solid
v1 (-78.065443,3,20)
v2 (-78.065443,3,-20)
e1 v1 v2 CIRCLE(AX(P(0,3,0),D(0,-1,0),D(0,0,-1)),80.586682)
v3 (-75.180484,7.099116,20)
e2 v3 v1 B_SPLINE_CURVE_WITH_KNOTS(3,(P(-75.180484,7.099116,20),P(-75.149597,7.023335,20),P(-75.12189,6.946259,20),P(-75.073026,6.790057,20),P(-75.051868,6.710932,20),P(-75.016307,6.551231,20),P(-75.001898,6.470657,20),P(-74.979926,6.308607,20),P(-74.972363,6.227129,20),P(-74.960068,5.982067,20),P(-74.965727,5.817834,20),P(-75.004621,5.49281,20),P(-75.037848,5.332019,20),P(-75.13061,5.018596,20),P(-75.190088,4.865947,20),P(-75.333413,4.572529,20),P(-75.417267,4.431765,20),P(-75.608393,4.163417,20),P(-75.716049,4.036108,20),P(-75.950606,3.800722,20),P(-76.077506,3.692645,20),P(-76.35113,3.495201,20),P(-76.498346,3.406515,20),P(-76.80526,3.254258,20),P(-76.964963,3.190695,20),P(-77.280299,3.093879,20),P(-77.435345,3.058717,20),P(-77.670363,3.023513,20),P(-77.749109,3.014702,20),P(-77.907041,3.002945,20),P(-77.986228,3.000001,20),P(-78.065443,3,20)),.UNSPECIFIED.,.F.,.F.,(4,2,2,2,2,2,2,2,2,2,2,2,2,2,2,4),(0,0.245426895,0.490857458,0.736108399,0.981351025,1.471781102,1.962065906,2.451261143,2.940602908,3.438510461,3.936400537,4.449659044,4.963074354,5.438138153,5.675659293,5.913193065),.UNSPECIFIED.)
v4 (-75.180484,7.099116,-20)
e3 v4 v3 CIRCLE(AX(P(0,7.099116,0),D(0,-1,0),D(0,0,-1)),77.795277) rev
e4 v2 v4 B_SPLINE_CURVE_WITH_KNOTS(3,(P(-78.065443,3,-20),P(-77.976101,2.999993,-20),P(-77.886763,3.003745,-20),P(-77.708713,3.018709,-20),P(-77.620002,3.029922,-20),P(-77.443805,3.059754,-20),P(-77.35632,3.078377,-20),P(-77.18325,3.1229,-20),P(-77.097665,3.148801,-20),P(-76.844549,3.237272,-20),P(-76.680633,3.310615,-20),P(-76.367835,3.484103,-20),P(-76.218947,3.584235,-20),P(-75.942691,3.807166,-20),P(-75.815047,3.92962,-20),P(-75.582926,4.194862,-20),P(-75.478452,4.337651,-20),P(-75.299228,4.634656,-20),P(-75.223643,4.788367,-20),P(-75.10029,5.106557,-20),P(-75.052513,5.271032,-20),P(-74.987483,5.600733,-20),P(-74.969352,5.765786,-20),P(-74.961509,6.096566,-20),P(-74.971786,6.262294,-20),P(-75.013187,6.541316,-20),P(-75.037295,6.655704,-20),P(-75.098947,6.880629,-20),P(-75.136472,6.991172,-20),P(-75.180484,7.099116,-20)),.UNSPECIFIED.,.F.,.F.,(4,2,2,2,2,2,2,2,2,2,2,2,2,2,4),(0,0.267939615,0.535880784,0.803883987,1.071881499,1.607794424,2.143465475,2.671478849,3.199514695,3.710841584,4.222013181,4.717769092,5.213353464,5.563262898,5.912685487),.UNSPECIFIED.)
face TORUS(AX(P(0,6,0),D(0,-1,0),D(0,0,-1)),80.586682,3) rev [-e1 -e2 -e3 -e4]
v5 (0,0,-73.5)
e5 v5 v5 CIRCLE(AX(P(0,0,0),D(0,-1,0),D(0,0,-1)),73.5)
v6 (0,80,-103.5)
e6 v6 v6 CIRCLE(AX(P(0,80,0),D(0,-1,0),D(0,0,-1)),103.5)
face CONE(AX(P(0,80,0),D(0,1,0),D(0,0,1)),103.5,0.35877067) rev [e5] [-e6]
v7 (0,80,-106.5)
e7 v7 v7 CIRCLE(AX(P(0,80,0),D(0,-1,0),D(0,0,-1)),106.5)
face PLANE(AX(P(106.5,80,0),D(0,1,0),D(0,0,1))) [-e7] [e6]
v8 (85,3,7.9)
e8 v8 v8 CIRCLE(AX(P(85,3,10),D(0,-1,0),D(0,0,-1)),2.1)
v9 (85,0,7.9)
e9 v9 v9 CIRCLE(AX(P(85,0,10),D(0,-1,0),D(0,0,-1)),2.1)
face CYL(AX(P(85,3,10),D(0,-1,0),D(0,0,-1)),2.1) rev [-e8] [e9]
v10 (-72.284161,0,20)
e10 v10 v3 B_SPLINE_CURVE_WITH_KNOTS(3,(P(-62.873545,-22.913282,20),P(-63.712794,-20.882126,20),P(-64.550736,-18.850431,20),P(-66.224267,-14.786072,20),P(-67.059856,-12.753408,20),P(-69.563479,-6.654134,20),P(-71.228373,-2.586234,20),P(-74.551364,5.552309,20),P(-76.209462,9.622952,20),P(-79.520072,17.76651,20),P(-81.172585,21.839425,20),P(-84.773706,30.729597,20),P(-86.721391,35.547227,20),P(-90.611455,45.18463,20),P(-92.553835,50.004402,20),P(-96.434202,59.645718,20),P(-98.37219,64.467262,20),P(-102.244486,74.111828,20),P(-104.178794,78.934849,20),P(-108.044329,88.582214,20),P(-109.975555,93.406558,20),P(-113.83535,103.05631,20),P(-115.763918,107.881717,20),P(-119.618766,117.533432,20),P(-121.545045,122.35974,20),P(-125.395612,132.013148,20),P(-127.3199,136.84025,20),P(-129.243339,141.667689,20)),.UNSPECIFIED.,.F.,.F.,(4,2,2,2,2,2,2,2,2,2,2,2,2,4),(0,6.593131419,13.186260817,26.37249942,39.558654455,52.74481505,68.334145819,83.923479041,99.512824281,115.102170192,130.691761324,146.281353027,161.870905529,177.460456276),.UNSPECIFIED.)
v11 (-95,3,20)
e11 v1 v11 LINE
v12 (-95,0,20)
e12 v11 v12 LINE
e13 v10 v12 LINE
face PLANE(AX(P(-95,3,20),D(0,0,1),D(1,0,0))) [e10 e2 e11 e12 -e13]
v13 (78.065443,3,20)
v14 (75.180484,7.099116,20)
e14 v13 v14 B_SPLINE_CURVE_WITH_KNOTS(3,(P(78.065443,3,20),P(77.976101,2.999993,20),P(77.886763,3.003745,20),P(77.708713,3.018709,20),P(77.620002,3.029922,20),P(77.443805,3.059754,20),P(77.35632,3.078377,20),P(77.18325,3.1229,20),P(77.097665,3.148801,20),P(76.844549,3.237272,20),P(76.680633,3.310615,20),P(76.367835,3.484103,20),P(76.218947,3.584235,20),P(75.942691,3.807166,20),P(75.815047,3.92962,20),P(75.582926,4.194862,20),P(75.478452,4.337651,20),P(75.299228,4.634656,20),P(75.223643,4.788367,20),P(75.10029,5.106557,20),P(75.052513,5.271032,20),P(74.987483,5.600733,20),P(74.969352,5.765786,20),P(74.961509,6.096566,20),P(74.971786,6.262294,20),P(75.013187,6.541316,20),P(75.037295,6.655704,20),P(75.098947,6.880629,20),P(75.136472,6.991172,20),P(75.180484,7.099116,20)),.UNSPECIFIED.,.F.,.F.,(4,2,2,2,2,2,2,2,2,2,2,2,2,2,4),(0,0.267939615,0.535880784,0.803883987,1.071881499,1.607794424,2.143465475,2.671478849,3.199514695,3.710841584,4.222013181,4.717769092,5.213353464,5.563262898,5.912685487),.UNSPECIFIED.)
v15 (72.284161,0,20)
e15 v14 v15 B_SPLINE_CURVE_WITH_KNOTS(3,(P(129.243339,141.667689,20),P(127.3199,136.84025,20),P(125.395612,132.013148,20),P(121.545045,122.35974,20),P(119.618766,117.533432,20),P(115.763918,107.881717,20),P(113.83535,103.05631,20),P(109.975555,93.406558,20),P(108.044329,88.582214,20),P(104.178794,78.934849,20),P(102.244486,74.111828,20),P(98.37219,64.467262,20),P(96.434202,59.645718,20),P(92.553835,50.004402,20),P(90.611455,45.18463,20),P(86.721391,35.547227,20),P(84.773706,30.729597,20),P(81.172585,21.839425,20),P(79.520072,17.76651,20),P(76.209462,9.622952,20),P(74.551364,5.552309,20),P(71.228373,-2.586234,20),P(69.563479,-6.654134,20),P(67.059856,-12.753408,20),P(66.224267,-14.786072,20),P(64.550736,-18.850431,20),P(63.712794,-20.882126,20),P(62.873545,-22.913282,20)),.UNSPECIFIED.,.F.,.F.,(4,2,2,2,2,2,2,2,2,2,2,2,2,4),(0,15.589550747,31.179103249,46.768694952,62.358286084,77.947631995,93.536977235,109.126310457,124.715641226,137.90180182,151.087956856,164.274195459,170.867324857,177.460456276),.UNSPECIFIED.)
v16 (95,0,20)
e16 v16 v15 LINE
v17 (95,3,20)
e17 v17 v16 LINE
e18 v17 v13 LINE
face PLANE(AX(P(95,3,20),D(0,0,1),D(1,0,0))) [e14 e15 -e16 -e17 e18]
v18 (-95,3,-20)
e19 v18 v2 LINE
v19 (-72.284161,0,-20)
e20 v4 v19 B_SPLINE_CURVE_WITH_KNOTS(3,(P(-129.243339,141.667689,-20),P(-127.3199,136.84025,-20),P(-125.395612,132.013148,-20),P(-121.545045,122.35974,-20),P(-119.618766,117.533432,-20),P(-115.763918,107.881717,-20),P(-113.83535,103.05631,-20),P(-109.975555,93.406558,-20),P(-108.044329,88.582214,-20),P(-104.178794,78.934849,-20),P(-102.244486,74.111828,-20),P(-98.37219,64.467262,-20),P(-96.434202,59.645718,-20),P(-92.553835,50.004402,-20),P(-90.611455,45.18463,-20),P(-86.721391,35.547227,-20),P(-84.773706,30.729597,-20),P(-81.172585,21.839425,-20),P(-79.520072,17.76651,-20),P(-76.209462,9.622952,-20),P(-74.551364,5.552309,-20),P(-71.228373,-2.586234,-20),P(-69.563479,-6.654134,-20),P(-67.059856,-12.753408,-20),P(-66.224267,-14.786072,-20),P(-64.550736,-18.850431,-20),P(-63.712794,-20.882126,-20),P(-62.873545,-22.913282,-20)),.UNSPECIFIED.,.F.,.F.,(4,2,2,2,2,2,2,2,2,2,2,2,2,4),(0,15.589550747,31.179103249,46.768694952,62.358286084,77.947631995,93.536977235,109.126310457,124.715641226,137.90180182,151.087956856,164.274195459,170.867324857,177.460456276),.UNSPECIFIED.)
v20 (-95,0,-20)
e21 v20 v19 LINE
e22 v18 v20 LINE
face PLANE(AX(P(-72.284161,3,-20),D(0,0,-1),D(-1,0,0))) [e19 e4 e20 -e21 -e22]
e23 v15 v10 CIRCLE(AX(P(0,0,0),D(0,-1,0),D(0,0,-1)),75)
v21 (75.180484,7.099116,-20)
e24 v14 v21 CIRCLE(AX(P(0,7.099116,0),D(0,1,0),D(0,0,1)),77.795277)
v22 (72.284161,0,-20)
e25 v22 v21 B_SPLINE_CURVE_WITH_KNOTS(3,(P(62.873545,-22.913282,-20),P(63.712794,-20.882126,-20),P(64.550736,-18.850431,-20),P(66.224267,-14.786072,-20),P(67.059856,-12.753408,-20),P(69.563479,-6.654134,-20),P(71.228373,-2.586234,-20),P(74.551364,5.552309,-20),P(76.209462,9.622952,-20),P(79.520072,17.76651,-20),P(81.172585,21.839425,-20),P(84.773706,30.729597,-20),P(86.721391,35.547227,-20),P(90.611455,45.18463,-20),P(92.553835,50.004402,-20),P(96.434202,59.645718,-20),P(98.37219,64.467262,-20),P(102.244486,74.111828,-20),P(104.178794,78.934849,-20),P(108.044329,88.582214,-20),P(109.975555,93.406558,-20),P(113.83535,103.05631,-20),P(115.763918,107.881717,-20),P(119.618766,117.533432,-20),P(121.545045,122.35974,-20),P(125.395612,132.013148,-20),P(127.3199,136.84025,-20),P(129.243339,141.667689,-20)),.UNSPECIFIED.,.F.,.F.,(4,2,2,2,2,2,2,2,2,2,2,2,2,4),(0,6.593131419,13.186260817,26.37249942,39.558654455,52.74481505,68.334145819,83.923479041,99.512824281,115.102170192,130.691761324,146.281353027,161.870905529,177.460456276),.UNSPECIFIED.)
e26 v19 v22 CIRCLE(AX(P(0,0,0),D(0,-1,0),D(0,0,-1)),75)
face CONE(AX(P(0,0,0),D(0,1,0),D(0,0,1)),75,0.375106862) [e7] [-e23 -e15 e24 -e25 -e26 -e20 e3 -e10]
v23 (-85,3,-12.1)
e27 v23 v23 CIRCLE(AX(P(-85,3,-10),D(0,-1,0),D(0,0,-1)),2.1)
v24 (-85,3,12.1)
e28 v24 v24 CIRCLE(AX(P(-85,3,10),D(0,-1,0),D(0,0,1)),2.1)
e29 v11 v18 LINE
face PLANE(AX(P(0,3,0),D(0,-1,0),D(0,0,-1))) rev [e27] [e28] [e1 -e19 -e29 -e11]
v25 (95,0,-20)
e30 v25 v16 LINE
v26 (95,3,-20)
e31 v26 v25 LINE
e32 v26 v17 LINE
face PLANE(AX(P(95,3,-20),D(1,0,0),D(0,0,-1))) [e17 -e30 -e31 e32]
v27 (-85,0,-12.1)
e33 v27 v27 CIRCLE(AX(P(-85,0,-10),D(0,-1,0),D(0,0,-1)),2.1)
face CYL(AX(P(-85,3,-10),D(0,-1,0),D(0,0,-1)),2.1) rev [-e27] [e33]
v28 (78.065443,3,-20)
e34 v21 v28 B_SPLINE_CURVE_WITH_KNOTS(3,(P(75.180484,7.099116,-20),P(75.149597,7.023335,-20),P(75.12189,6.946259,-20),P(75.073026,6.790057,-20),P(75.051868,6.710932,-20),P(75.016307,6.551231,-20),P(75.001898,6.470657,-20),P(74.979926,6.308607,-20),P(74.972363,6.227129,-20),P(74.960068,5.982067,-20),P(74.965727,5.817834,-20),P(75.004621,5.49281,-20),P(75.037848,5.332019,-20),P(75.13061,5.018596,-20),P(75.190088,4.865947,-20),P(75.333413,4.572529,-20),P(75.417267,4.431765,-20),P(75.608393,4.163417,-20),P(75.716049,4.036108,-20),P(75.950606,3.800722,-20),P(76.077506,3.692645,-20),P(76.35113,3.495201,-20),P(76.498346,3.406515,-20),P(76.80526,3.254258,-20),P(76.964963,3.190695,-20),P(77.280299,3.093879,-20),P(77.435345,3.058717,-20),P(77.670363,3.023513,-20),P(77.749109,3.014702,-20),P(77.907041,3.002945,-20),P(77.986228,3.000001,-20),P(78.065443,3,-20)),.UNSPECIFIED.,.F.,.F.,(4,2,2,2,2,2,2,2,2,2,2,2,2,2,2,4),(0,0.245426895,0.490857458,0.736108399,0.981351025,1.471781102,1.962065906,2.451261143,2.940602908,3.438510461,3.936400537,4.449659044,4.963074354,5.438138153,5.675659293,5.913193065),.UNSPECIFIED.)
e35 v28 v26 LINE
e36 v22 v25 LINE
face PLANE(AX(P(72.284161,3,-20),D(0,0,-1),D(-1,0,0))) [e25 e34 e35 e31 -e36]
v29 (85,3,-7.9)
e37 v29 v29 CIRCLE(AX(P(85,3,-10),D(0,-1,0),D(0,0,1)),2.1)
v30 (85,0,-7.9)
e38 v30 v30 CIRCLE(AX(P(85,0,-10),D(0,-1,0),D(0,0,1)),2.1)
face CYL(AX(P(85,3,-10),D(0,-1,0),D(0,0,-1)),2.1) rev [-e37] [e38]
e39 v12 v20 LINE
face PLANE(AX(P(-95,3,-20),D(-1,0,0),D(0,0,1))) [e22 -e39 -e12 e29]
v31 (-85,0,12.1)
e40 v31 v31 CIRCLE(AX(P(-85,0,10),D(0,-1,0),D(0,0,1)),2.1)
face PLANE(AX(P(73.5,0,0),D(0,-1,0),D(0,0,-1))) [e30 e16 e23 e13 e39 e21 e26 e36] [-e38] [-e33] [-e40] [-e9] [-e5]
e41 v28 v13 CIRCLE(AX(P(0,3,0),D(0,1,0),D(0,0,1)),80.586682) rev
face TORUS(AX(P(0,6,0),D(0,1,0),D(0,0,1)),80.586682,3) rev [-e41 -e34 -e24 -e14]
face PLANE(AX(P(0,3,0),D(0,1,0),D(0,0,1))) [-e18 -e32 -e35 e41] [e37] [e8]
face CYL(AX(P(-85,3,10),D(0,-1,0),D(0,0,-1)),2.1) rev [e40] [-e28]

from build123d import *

# Parameters (mm, degrees)
BOSS_EXTRUDE1_DEPTH = 3
SKETCH3_R           = 2.1
CUT_EXTRUDE1_DEPTH  = 3
FILLET1_R           = 3


with BuildPart() as part:
    # Sketch1 → Revolve1 (revolve)
    with BuildSketch(Plane.XY, mode=Mode.PRIVATE) as revolve1_sk:
        Polygon((73.5, 0), (75, 0), (106.5, 80), (103.5, 80), align=None)
    revolve(revolve1_sk.sketch.rotate(Axis((0, 0, 0), (0, 1, 0)), 90), axis=Axis((0, 0, 0), (0, 1, 0)))

    # Sketch2 → Boss-Extrude1 (add)
    with BuildSketch(Plane.XZ):
        with BuildLine():
            Line((72.284161474, -20), (95, -20))
            Line((95, -20), (95, 20))
            Line((95, 20), (72.284161474, 20))
            ThreePointArc((72.284161474, 20), (75, 0), (72.284161474, -20))
        make_face()
        with BuildLine():
            Line((-95, 20), (-72.284161474, 20))
            ThreePointArc((-72.284161474, 20), (-75, 0), (-72.284161474, -20))
            Line((-72.284161474, -20), (-95, -20))
            Line((-95, -20), (-95, 20))
        make_face()
    extrude(amount=-BOSS_EXTRUDE1_DEPTH)

    # Sketch3 → Cut-Extrude1 (cut)
    with BuildSketch(Plane.XZ):
        with Locations(Location((85, 10, 0), (0, 0, 270))):
            Circle(SKETCH3_R)
        with Locations(Location((85, -10, 0), (0, 0, 90))):
            Circle(SKETCH3_R)
        with Locations(Location((-85, -10, 0), (0, 0, 270))):
            Circle(SKETCH3_R)
        with Locations(Location((-85, 10, 0), (0, 0, 90))):
            Circle(SKETCH3_R)
    extrude(amount=-CUT_EXTRUDE1_DEPTH, mode=Mode.SUBTRACT)

    # Fillet1
    fillet1_edges = [part.edges().sort_by_distance(p)[0] for p in [
        (76.18125, 3, 0),
        (-76.18125, 3, 0),
    ]]
    fillet(fillet1_edges, radius=FILLET1_R)


solid = part.part
